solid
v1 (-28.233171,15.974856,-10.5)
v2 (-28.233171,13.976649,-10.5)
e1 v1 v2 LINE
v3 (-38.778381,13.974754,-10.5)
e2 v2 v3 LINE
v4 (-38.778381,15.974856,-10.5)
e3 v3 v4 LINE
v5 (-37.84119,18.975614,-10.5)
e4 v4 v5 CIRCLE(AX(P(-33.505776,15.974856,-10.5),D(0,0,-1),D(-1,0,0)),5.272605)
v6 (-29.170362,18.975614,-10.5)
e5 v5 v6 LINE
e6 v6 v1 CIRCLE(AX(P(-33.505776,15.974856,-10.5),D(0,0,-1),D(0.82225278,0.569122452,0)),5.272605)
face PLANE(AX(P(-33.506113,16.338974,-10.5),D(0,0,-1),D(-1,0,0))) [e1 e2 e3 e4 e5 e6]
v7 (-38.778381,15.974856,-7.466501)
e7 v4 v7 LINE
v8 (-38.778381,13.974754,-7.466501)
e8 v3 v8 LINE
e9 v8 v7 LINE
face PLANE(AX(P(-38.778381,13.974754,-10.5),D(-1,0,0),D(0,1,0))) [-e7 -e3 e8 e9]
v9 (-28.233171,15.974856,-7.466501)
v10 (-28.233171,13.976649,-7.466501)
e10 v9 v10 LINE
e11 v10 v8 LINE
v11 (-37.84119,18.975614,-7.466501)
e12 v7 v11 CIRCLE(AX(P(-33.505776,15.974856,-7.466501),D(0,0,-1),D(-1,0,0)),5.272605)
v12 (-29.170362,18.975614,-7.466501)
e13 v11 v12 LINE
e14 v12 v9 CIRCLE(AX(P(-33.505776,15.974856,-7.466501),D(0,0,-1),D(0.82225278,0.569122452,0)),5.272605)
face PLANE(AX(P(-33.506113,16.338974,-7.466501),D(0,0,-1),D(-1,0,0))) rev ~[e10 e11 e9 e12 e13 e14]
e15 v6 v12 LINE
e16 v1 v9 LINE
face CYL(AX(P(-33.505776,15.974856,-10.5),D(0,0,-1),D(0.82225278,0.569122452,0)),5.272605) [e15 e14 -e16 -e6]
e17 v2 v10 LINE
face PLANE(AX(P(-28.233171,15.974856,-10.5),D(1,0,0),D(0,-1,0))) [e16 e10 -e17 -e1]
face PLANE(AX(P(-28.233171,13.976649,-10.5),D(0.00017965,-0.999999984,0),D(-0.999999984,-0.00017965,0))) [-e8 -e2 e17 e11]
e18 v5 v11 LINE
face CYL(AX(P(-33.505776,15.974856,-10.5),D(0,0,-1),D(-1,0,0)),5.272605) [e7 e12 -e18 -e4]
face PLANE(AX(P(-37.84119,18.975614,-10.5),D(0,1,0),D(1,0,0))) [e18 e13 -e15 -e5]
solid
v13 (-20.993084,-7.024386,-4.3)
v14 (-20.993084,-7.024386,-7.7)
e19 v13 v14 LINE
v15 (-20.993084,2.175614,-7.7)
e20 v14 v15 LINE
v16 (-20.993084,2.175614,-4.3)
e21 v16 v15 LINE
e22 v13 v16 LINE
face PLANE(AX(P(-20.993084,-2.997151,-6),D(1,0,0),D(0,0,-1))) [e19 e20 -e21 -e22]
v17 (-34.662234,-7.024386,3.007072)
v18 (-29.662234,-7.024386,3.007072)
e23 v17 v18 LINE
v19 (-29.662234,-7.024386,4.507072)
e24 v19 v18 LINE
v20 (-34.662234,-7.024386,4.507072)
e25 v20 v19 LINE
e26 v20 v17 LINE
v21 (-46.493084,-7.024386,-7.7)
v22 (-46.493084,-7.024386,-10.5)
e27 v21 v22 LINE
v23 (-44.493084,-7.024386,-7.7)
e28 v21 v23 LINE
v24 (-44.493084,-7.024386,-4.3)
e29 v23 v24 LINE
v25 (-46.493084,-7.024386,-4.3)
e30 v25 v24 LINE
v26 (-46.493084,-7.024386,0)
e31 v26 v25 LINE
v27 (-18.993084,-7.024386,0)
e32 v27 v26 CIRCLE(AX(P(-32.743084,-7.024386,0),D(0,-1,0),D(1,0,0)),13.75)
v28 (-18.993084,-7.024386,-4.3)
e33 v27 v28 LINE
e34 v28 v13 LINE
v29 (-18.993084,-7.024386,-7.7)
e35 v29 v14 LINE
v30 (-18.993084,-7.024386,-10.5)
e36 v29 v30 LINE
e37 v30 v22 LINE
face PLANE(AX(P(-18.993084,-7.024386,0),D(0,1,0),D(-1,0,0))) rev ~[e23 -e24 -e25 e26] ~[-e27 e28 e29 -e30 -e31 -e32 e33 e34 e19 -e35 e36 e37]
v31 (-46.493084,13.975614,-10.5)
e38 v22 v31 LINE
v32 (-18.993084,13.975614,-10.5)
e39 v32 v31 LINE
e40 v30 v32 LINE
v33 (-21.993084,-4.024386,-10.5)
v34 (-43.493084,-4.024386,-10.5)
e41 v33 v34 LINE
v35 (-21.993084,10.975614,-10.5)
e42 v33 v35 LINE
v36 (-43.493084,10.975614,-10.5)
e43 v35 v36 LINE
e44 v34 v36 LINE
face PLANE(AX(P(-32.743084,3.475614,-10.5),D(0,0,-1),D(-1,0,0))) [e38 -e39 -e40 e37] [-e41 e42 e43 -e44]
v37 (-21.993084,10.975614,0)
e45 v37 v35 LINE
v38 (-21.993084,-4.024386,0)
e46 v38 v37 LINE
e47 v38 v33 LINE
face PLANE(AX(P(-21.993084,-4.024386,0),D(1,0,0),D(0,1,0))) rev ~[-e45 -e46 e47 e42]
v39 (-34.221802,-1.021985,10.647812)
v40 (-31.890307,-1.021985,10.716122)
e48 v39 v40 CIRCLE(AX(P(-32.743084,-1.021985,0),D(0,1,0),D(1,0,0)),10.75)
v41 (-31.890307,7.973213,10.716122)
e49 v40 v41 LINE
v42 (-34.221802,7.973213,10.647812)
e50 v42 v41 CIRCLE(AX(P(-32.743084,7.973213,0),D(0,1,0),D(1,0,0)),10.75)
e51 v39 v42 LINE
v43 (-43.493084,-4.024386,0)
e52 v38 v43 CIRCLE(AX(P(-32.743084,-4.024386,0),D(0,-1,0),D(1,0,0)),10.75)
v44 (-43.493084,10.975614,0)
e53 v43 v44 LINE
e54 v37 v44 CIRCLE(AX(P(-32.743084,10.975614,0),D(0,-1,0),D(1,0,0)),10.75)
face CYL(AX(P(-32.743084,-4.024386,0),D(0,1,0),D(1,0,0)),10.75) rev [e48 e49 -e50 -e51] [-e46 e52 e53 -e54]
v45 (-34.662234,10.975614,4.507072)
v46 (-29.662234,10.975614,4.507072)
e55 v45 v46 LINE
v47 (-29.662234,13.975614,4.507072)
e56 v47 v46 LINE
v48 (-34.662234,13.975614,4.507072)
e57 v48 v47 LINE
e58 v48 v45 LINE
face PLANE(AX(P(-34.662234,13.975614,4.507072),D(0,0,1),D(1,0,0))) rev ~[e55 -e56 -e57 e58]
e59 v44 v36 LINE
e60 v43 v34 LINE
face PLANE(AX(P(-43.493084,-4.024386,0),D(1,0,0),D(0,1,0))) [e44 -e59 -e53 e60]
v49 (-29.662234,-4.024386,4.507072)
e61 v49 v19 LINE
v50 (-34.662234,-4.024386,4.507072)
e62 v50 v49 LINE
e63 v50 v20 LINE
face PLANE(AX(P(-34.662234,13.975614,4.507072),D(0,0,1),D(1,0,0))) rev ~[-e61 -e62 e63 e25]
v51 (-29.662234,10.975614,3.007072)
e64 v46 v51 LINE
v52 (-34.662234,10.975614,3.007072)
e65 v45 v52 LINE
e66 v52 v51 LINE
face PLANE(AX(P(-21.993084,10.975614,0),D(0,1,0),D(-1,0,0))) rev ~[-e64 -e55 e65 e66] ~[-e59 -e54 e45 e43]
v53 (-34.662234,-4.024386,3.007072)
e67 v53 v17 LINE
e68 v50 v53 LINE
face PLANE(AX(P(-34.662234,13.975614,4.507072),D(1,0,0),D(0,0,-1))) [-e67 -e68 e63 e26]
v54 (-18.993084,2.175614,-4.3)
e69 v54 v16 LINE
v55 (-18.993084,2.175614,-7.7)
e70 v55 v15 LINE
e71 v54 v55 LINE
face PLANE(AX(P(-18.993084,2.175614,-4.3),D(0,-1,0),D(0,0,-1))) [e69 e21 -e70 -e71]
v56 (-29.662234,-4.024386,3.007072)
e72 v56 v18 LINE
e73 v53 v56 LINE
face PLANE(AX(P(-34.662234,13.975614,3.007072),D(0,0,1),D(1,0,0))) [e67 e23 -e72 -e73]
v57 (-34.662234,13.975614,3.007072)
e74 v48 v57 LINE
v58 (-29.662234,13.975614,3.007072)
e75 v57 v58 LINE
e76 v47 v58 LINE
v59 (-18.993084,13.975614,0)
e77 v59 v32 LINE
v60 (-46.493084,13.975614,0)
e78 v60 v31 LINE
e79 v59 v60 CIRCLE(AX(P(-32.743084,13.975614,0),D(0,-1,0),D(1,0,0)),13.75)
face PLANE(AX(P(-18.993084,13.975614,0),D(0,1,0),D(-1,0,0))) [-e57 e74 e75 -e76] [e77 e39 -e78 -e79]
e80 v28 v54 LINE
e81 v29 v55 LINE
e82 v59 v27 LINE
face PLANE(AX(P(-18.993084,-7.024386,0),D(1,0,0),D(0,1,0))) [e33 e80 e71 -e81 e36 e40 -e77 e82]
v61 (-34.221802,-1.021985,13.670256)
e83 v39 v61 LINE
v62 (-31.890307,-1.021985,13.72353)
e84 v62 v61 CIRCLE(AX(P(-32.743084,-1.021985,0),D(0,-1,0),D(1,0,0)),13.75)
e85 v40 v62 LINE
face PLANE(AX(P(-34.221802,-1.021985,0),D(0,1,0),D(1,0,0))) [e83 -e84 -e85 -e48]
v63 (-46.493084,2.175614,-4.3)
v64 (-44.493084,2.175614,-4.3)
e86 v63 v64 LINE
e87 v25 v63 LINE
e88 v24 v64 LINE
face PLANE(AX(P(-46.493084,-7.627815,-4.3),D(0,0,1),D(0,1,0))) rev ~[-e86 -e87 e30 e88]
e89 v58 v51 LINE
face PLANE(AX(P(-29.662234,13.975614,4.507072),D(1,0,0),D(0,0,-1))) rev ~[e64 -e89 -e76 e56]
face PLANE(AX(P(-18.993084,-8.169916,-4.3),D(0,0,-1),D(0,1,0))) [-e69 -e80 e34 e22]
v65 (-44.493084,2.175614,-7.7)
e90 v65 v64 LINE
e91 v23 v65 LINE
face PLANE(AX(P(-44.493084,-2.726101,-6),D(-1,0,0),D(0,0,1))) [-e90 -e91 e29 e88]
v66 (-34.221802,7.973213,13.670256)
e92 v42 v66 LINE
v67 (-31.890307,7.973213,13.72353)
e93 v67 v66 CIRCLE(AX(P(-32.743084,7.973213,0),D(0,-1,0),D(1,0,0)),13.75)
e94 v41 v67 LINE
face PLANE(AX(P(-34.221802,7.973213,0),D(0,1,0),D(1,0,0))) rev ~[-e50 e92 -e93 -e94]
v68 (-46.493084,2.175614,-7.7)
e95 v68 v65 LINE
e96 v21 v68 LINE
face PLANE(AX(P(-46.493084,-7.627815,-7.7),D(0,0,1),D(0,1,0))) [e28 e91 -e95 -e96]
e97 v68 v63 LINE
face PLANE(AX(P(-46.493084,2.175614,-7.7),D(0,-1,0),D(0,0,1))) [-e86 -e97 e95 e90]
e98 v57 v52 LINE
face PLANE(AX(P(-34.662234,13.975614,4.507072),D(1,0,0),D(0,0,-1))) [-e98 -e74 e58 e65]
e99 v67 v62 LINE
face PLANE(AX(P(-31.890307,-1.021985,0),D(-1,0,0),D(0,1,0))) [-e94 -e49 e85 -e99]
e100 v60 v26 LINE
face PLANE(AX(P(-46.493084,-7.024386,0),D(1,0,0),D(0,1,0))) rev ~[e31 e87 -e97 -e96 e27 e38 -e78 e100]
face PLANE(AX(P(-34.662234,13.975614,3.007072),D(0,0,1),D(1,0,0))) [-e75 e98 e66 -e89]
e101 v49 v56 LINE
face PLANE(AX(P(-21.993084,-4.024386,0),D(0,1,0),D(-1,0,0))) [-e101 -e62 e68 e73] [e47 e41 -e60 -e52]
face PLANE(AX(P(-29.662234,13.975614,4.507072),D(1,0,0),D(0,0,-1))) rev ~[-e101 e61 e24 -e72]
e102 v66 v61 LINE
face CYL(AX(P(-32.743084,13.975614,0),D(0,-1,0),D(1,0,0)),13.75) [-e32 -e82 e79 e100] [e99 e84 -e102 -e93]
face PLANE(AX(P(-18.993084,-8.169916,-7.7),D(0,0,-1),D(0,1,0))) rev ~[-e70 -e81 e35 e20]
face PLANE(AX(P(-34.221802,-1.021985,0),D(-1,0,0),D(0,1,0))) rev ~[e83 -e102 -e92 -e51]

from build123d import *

# Parameters (mm, degrees)
REVOLVE_1_ANGLE     = 180
SKETCH_5_W          = 27.5
SKETCH_5_H          = 21
SKETCH_5_W_2        = 21.5
SKETCH_5_H_2        = 15
EXTRUDE_1_DEPTH     = 10.5
SKETCH_6_W          = 2.331495027
SKETCH_6_H          = 8.995198028
CUT_EXTRUDE_1_DEPTH = 14.75
SKETCH_7_W          = 5
SKETCH_7_H          = 1.5
CUT_EXTRUDE_2_DEPTH = 22
EXTRUDE_2_DEPTH     = 3.033498617
SKETCH_10_W         = 3.4
SKETCH_10_H         = 9.803428708
CUT_EXTRUDE_3_DEPTH = 2
SKETCH_11_W         = 3.4
SKETCH_11_H         = 10.345530218
CUT_EXTRUDE_4_DEPTH = 2


with BuildPart() as part:
    # Эскиз1 → Повернуть1 (revolve)
    with BuildSketch(Plane.XY):
        Polygon((-32.743084191, 13.975613819), (-18.993084191, 13.975613819), (-18.993084191, -7.024386181), (-32.743084191, -7.024386181), (-32.743084191, -4.024386181), (-21.993084191, -4.024386181), (-21.993084191, 10.975613819), (-32.743084191, 10.975613819), align=None)
    revolve(axis=Axis((-32.743084191, 13.975613819, 0), (0, -1, 0)), revolution_arc=REVOLVE_1_ANGLE)

    # Эскиз5 → Бобышка-Вытянуть1 (add)
    with BuildSketch(Plane(origin=(0, 0, 0), x_dir=(-1, 0, 0), z_dir=(0, 0, -1))):
        with Locations((32.743084191, 3.475613819)):
            Rectangle(SKETCH_5_W, SKETCH_5_H)
        with Locations((32.743084191, 3.475613819)):
            Rectangle(SKETCH_5_W_2, SKETCH_5_H_2, mode=Mode.SUBTRACT)
    extrude(amount=EXTRUDE_1_DEPTH)

    # Эскиз6 → Вырез-Вытянуть1 (cut, through all)
    with BuildSketch(Plane.XY):
        with Locations((-33.056054499, 3.475613819)):
            Rectangle(SKETCH_6_W, SKETCH_6_H)
    extrude(amount=CUT_EXTRUDE_1_DEPTH, mode=Mode.SUBTRACT)

    # Эскиз7 → Вырез-Вытянуть2 (cut, through all)
    with BuildSketch(Plane(origin=(0, 13.975613819, 0), x_dir=(1, 0, 0), z_dir=(0, 1, 0))):
        with Locations((-32.16223421, -3.7570716)):
            Rectangle(SKETCH_7_W, SKETCH_7_H)
    extrude(amount=-CUT_EXTRUDE_2_DEPTH, mode=Mode.SUBTRACT)

    # Эскиз10 → Вырез-Вытянуть3 (cut)
    with BuildSketch(Plane.ZY.offset(46.493084191)):
        with Locations((-6, -2.726100535)):
            Rectangle(SKETCH_10_W, SKETCH_10_H)
    extrude(amount=-CUT_EXTRUDE_3_DEPTH, mode=Mode.SUBTRACT)

    # Эскиз11 → Вырез-Вытянуть4 (cut)
    with BuildSketch(Plane(origin=(-18.993084191, 0, 0), x_dir=(0, 0, -1), z_dir=(1, 0, 0))):
        with Locations((6, -2.99715129)):
            Rectangle(SKETCH_11_W, SKETCH_11_H)
    extrude(amount=-CUT_EXTRUDE_4_DEPTH, mode=Mode.SUBTRACT)


with BuildPart() as body_2:
    # Эскиз9 → Бобышка-Вытянуть2 (new body)
    with BuildSketch(Plane(origin=(0, 0, -10.5), x_dir=(-1, 0, 0), z_dir=(0, 0, -1))):
        with BuildLine():
            Line((28.233170804, 15.974855989), (28.233170804, 13.97664863))
            Line((28.233170804, 13.97664863), (38.77838061, 13.974754187))
            Line((38.77838061, 13.974754187), (38.77838061, 15.974855989))
            ThreePointArc((38.77838061, 15.974855989), (38.538632142, 17.546707944), (37.841189748, 18.975613819))
            Line((37.841189748, 18.975613819), (29.170361666, 18.975613819))
            ThreePointArc((29.170361666, 18.975613819), (28.472919272, 17.546707944), (28.233170804, 15.974855989))
        make_face()
    extrude(amount=-EXTRUDE_2_DEPTH)


solid = Compound([part.part, body_2.part])
